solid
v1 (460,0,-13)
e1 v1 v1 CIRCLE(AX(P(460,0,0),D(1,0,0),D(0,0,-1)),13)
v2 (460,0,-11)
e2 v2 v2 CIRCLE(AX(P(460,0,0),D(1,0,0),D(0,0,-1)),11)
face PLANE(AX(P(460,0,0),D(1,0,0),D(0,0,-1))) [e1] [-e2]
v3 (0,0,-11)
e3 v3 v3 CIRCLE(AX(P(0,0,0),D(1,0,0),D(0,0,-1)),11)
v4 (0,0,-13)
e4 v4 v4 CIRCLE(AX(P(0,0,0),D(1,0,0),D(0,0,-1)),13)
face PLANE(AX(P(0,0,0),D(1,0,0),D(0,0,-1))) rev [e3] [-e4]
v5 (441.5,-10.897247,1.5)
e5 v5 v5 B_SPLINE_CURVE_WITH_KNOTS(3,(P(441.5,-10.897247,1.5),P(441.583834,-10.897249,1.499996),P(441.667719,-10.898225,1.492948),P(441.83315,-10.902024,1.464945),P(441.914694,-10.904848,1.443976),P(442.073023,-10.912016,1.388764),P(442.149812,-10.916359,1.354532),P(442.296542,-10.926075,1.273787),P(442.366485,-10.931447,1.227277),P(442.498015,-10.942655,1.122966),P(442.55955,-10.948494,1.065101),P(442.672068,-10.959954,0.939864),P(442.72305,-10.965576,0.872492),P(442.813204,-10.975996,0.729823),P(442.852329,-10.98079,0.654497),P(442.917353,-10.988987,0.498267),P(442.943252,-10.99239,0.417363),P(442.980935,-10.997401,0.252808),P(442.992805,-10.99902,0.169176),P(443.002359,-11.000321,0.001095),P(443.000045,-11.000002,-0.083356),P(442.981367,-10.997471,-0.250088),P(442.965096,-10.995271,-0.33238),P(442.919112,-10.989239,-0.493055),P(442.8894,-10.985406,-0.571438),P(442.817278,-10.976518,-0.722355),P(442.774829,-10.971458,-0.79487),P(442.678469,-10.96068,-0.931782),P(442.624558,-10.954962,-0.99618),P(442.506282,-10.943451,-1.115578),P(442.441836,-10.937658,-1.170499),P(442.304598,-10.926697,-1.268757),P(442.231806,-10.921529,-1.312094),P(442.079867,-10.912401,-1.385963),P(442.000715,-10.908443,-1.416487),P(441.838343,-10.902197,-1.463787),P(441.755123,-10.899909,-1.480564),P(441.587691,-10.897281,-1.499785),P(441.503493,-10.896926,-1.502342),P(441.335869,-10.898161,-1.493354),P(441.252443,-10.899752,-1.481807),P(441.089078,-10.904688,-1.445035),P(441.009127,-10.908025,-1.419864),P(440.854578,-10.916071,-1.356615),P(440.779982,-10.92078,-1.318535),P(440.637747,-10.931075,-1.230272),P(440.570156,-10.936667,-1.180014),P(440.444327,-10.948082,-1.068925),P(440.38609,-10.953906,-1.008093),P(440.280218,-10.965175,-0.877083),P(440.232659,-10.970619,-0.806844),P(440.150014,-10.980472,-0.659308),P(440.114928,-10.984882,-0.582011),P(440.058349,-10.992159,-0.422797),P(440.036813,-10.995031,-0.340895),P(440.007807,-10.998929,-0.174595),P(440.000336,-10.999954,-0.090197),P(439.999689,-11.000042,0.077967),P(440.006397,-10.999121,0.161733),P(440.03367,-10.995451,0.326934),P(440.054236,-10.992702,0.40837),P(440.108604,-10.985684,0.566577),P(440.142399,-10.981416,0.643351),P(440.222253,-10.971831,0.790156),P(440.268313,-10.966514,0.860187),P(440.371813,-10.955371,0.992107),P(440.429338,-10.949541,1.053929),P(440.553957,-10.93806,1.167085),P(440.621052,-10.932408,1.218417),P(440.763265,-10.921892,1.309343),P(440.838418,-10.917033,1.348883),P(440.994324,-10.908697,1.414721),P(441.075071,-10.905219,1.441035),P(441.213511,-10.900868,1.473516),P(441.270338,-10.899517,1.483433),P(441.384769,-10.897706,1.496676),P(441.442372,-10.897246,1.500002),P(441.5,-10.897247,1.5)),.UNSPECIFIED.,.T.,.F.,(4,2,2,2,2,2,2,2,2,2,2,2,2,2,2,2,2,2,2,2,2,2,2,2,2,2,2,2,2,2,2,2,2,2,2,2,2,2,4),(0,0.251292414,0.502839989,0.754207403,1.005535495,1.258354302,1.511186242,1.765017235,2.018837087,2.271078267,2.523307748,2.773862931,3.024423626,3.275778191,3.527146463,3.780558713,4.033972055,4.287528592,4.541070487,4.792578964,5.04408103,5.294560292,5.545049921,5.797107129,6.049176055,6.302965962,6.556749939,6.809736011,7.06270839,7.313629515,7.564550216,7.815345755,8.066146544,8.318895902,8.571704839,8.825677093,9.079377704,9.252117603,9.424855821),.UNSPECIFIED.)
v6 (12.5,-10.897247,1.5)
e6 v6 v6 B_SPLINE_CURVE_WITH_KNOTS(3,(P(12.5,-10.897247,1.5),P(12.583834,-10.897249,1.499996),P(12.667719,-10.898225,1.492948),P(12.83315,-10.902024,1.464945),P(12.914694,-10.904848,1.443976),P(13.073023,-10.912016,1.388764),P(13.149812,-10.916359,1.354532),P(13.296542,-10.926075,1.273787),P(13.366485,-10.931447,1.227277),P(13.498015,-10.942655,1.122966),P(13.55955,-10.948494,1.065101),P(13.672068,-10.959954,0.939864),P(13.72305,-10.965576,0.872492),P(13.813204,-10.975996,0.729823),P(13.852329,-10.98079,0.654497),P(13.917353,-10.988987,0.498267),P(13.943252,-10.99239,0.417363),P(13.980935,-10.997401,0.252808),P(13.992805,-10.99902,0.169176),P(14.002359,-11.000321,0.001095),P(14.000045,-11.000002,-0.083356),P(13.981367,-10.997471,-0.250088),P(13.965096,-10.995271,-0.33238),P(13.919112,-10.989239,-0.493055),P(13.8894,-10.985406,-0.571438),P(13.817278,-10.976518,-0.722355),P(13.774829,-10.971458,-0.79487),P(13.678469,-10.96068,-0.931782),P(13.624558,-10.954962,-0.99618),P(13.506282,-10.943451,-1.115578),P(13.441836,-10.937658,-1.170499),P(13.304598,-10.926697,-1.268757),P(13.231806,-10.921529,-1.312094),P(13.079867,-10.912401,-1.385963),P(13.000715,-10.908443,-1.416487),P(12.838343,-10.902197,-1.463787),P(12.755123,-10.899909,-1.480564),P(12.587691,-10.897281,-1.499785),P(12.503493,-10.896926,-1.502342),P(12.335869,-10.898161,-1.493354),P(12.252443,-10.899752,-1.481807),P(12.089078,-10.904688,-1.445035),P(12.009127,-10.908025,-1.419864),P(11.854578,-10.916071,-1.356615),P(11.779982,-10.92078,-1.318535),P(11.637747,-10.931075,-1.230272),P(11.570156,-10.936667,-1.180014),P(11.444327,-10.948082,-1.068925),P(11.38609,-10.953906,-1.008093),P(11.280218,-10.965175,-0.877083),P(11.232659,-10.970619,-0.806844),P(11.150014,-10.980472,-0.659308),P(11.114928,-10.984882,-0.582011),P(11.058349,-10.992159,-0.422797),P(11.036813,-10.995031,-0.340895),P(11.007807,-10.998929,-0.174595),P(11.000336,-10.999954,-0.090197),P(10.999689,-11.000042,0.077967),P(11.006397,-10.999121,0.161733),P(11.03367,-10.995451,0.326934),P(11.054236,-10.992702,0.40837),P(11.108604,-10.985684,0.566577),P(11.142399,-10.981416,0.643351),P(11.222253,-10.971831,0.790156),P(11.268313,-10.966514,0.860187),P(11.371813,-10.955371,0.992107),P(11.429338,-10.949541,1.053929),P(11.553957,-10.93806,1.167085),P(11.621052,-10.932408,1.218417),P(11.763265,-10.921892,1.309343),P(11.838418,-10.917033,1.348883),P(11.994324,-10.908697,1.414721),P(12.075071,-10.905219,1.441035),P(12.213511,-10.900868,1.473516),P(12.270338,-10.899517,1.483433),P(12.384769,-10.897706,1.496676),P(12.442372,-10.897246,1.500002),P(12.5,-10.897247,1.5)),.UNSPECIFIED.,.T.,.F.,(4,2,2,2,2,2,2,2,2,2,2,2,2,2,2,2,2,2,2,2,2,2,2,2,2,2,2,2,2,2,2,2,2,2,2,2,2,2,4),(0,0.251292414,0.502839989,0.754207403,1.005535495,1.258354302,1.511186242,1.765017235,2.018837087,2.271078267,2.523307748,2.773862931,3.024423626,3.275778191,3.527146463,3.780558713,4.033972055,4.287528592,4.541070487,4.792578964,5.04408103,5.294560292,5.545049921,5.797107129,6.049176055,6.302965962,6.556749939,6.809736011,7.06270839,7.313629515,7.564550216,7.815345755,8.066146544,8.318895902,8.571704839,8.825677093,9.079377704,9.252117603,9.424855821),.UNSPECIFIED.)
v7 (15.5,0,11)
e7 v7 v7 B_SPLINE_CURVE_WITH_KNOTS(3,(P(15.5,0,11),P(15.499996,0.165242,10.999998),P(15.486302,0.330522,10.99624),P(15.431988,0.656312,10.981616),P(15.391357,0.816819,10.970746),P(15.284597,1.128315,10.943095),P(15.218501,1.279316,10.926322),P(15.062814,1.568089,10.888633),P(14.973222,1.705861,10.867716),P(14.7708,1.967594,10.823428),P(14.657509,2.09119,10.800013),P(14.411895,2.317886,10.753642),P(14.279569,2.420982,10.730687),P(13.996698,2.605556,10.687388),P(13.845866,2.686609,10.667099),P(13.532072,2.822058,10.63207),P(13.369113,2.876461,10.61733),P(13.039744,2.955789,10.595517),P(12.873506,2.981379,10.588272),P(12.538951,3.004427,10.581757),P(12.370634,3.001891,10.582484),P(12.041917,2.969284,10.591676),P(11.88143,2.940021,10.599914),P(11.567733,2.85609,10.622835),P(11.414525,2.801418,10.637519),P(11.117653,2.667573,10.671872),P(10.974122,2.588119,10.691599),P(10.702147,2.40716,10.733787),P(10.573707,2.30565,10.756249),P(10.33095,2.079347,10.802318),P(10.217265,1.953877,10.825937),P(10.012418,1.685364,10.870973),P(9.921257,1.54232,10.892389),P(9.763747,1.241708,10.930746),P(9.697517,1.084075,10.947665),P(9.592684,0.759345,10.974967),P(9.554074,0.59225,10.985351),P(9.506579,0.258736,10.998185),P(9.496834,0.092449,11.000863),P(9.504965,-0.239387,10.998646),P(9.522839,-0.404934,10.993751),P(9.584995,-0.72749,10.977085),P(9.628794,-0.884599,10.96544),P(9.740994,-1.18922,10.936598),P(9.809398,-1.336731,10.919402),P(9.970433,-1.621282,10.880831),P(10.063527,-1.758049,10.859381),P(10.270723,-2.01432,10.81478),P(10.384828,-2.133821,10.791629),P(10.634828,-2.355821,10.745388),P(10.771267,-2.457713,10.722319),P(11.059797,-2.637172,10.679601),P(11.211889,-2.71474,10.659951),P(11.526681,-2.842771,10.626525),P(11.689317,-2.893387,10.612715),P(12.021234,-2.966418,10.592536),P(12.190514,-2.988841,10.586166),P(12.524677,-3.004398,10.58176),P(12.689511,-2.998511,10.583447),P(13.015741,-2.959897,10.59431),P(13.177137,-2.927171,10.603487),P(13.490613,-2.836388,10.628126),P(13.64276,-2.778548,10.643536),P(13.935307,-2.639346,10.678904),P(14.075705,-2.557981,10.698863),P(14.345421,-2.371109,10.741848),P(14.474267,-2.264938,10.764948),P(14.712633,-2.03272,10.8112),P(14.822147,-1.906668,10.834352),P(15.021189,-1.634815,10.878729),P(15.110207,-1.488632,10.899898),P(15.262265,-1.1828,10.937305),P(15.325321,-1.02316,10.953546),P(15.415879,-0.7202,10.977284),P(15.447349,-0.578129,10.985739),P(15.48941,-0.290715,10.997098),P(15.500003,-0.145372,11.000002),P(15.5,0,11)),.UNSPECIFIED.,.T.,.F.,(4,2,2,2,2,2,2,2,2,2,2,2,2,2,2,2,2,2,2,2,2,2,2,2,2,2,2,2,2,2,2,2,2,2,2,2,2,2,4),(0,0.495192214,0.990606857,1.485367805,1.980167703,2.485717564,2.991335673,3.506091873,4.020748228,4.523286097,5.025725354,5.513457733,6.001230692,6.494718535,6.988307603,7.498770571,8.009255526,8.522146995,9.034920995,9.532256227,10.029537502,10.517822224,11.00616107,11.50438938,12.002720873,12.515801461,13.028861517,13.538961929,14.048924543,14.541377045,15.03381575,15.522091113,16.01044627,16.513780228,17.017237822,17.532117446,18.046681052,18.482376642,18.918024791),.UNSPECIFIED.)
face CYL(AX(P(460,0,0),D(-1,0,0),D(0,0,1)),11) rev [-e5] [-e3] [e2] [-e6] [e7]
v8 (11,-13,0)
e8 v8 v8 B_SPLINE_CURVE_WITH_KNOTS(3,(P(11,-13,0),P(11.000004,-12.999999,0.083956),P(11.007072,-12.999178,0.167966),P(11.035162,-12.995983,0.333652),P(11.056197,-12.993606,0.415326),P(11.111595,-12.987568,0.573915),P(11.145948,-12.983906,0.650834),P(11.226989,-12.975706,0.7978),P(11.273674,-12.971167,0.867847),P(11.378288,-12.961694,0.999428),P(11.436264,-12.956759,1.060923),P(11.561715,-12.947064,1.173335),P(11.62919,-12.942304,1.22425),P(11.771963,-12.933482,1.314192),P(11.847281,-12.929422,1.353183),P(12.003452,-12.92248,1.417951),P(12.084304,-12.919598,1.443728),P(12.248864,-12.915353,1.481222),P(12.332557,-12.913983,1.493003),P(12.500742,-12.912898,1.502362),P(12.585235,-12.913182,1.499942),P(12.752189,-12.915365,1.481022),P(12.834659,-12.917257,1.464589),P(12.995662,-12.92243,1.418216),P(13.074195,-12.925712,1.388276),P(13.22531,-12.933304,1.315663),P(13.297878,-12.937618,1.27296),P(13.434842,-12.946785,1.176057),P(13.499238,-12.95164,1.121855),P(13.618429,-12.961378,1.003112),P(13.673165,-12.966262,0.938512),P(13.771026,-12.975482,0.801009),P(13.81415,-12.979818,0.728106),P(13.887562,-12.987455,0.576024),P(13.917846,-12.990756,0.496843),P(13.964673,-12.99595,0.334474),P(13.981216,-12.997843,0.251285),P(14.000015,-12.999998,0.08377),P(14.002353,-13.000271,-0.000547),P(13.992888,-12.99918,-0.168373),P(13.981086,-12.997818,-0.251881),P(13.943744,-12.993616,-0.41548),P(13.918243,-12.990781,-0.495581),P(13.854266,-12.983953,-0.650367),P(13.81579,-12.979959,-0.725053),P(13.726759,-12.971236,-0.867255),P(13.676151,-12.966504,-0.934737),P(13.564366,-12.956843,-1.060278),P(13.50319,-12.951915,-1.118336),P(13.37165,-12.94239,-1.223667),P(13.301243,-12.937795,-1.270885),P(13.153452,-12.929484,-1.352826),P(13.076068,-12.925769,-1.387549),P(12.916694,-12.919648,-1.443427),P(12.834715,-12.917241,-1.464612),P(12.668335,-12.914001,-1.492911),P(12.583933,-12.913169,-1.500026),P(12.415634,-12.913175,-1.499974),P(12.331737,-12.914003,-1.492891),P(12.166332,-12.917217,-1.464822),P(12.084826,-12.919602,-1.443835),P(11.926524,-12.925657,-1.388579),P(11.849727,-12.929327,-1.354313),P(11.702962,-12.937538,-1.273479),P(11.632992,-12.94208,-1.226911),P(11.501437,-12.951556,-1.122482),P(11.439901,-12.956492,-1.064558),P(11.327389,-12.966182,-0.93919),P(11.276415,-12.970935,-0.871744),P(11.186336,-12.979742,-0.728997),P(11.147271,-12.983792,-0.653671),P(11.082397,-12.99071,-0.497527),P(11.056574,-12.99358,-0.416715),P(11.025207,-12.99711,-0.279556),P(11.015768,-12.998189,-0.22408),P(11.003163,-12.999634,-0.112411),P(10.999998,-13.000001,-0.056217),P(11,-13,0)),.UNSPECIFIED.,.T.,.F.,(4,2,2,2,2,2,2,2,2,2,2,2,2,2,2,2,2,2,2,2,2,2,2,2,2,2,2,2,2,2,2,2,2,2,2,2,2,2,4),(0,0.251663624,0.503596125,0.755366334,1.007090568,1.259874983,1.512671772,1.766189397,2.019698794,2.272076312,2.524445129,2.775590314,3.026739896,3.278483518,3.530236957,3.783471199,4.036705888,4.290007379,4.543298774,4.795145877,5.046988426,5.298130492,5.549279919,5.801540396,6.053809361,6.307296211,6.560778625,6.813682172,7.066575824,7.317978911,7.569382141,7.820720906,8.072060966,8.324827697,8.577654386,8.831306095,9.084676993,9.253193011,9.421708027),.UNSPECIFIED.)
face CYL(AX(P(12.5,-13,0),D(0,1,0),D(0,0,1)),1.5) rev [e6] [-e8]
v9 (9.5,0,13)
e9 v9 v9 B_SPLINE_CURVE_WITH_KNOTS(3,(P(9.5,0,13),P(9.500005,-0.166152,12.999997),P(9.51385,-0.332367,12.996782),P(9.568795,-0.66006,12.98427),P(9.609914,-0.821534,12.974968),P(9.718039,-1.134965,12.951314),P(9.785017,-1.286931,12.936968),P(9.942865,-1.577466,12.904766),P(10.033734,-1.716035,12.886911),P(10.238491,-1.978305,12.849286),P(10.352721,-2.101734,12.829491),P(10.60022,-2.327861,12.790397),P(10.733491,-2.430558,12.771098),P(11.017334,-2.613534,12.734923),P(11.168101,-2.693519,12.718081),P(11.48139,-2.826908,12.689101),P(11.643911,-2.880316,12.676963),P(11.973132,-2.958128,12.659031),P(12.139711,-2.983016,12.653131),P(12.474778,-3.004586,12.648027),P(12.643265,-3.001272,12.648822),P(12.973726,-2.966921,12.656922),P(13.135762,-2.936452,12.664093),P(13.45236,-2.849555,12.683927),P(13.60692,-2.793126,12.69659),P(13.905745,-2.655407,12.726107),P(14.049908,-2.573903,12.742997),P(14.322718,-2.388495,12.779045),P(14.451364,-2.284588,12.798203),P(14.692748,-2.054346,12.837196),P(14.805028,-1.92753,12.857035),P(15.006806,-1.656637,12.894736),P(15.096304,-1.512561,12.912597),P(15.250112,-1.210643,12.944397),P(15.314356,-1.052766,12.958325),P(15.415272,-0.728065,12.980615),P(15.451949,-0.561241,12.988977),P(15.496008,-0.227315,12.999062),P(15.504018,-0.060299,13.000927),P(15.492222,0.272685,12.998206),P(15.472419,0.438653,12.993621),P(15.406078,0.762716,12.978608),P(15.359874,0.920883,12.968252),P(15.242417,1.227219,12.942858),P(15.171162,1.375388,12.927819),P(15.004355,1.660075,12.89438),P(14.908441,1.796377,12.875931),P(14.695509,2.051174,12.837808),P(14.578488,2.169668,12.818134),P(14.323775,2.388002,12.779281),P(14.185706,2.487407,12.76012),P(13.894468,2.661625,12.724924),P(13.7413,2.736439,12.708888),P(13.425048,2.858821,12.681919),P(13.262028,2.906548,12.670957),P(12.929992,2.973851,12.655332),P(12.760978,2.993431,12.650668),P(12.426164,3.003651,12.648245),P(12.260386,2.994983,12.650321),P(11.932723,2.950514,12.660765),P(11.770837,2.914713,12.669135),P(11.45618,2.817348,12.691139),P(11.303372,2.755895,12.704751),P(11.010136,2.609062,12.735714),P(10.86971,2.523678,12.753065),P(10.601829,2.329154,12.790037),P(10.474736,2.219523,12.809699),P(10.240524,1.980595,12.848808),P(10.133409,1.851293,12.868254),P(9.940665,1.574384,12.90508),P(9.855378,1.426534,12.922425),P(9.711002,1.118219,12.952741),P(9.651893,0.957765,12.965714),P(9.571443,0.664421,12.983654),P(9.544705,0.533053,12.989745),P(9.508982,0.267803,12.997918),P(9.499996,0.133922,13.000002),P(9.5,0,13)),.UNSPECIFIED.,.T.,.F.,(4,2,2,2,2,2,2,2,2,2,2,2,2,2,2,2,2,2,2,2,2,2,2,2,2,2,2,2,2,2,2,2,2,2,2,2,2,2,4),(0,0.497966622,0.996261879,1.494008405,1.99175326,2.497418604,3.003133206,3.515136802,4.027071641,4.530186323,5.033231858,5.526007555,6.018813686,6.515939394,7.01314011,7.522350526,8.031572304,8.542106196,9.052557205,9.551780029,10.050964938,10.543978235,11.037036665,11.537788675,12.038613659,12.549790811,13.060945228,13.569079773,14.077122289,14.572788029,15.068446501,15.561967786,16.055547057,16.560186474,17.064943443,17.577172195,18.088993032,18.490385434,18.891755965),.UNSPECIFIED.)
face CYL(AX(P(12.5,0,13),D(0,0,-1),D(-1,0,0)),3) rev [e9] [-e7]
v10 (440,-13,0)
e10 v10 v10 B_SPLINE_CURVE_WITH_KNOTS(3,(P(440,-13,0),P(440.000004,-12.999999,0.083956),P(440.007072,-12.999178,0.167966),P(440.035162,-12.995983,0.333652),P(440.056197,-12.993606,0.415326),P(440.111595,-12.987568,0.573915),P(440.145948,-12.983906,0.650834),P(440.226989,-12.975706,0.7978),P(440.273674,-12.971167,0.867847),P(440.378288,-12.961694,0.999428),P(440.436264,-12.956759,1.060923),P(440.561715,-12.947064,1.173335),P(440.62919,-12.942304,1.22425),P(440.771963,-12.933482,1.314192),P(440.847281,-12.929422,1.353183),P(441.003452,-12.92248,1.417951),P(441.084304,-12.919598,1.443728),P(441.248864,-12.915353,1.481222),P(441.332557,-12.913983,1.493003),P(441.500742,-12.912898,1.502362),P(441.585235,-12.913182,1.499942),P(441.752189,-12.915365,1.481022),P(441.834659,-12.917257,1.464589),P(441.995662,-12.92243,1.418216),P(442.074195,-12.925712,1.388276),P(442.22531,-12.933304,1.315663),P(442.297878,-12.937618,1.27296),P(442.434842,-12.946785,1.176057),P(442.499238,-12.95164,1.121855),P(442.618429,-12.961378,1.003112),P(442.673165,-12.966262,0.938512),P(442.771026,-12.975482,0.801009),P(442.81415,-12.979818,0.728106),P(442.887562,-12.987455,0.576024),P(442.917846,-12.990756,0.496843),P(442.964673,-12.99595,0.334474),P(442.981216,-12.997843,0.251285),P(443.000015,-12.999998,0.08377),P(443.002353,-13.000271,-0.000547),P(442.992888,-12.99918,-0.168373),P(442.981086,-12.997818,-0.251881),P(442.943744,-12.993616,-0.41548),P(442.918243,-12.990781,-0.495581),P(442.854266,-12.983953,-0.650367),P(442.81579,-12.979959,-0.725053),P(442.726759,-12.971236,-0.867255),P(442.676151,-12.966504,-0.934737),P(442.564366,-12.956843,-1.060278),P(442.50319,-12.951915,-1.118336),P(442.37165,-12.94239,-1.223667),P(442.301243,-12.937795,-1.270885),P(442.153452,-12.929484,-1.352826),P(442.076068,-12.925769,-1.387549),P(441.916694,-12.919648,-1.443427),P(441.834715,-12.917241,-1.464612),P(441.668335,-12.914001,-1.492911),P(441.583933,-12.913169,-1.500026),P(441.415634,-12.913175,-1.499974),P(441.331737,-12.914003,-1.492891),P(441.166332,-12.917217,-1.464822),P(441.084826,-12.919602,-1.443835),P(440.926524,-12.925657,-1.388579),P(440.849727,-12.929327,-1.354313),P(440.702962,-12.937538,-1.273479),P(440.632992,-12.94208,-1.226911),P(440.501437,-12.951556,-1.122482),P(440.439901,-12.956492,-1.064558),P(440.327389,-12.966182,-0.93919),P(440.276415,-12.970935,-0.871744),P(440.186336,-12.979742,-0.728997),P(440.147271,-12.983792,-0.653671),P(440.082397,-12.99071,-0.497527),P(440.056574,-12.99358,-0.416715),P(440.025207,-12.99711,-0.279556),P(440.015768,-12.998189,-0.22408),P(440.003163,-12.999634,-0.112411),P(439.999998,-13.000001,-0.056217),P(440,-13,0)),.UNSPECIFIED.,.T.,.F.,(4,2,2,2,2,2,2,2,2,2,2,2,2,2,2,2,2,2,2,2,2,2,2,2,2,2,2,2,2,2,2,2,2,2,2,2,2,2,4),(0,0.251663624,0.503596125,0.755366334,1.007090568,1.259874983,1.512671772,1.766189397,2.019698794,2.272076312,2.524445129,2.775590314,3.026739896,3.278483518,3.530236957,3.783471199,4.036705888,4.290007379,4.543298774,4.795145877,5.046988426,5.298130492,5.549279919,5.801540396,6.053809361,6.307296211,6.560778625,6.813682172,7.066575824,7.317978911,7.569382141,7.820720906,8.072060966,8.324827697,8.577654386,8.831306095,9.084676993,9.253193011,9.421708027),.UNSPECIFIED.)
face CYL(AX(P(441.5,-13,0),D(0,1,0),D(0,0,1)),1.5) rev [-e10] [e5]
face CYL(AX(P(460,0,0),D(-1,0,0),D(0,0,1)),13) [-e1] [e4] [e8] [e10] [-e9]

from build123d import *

# Parameters (mm, degrees)
SKETCH_1_R          = 13
SKETCH_1_R_2        = 11
EXTRUDE_1_DEPTH     = 460
SKETCH_4_R          = 1.5
CUT_EXTRUDE_2_DEPTH = 14
SKETCH_6_R          = 3
CUT_EXTRUDE_3_DEPTH = 14.0000001


with BuildPart() as part:
    # 草图1 → 凸台-拉伸1 (new body)
    with BuildSketch(Plane(origin=(0, 0, 0), x_dir=(0, 0, -1), z_dir=(1, 0, 0))):
        Circle(SKETCH_1_R)
        Circle(SKETCH_1_R_2, mode=Mode.SUBTRACT)
    extrude(amount=EXTRUDE_1_DEPTH)

    # 草图4 → 切除-拉伸2 (cut, through all)
    with BuildSketch(Plane(origin=(0, 0, 0), x_dir=(1, 0, 0), z_dir=(0, 1, 0))):
        with Locations((12.5, 0)):
            Circle(SKETCH_4_R)
        with Locations((441.5, 0)):
            Circle(SKETCH_4_R)
    extrude(amount=-CUT_EXTRUDE_2_DEPTH, mode=Mode.SUBTRACT)

    # 草图6 → 切除-拉伸3 (cut, through all)
    with BuildSketch(Plane.XY):
        with Locations((12.5, 0)):
            Circle(SKETCH_6_R)
    extrude(amount=CUT_EXTRUDE_3_DEPTH, mode=Mode.SUBTRACT)


solid = part.part
